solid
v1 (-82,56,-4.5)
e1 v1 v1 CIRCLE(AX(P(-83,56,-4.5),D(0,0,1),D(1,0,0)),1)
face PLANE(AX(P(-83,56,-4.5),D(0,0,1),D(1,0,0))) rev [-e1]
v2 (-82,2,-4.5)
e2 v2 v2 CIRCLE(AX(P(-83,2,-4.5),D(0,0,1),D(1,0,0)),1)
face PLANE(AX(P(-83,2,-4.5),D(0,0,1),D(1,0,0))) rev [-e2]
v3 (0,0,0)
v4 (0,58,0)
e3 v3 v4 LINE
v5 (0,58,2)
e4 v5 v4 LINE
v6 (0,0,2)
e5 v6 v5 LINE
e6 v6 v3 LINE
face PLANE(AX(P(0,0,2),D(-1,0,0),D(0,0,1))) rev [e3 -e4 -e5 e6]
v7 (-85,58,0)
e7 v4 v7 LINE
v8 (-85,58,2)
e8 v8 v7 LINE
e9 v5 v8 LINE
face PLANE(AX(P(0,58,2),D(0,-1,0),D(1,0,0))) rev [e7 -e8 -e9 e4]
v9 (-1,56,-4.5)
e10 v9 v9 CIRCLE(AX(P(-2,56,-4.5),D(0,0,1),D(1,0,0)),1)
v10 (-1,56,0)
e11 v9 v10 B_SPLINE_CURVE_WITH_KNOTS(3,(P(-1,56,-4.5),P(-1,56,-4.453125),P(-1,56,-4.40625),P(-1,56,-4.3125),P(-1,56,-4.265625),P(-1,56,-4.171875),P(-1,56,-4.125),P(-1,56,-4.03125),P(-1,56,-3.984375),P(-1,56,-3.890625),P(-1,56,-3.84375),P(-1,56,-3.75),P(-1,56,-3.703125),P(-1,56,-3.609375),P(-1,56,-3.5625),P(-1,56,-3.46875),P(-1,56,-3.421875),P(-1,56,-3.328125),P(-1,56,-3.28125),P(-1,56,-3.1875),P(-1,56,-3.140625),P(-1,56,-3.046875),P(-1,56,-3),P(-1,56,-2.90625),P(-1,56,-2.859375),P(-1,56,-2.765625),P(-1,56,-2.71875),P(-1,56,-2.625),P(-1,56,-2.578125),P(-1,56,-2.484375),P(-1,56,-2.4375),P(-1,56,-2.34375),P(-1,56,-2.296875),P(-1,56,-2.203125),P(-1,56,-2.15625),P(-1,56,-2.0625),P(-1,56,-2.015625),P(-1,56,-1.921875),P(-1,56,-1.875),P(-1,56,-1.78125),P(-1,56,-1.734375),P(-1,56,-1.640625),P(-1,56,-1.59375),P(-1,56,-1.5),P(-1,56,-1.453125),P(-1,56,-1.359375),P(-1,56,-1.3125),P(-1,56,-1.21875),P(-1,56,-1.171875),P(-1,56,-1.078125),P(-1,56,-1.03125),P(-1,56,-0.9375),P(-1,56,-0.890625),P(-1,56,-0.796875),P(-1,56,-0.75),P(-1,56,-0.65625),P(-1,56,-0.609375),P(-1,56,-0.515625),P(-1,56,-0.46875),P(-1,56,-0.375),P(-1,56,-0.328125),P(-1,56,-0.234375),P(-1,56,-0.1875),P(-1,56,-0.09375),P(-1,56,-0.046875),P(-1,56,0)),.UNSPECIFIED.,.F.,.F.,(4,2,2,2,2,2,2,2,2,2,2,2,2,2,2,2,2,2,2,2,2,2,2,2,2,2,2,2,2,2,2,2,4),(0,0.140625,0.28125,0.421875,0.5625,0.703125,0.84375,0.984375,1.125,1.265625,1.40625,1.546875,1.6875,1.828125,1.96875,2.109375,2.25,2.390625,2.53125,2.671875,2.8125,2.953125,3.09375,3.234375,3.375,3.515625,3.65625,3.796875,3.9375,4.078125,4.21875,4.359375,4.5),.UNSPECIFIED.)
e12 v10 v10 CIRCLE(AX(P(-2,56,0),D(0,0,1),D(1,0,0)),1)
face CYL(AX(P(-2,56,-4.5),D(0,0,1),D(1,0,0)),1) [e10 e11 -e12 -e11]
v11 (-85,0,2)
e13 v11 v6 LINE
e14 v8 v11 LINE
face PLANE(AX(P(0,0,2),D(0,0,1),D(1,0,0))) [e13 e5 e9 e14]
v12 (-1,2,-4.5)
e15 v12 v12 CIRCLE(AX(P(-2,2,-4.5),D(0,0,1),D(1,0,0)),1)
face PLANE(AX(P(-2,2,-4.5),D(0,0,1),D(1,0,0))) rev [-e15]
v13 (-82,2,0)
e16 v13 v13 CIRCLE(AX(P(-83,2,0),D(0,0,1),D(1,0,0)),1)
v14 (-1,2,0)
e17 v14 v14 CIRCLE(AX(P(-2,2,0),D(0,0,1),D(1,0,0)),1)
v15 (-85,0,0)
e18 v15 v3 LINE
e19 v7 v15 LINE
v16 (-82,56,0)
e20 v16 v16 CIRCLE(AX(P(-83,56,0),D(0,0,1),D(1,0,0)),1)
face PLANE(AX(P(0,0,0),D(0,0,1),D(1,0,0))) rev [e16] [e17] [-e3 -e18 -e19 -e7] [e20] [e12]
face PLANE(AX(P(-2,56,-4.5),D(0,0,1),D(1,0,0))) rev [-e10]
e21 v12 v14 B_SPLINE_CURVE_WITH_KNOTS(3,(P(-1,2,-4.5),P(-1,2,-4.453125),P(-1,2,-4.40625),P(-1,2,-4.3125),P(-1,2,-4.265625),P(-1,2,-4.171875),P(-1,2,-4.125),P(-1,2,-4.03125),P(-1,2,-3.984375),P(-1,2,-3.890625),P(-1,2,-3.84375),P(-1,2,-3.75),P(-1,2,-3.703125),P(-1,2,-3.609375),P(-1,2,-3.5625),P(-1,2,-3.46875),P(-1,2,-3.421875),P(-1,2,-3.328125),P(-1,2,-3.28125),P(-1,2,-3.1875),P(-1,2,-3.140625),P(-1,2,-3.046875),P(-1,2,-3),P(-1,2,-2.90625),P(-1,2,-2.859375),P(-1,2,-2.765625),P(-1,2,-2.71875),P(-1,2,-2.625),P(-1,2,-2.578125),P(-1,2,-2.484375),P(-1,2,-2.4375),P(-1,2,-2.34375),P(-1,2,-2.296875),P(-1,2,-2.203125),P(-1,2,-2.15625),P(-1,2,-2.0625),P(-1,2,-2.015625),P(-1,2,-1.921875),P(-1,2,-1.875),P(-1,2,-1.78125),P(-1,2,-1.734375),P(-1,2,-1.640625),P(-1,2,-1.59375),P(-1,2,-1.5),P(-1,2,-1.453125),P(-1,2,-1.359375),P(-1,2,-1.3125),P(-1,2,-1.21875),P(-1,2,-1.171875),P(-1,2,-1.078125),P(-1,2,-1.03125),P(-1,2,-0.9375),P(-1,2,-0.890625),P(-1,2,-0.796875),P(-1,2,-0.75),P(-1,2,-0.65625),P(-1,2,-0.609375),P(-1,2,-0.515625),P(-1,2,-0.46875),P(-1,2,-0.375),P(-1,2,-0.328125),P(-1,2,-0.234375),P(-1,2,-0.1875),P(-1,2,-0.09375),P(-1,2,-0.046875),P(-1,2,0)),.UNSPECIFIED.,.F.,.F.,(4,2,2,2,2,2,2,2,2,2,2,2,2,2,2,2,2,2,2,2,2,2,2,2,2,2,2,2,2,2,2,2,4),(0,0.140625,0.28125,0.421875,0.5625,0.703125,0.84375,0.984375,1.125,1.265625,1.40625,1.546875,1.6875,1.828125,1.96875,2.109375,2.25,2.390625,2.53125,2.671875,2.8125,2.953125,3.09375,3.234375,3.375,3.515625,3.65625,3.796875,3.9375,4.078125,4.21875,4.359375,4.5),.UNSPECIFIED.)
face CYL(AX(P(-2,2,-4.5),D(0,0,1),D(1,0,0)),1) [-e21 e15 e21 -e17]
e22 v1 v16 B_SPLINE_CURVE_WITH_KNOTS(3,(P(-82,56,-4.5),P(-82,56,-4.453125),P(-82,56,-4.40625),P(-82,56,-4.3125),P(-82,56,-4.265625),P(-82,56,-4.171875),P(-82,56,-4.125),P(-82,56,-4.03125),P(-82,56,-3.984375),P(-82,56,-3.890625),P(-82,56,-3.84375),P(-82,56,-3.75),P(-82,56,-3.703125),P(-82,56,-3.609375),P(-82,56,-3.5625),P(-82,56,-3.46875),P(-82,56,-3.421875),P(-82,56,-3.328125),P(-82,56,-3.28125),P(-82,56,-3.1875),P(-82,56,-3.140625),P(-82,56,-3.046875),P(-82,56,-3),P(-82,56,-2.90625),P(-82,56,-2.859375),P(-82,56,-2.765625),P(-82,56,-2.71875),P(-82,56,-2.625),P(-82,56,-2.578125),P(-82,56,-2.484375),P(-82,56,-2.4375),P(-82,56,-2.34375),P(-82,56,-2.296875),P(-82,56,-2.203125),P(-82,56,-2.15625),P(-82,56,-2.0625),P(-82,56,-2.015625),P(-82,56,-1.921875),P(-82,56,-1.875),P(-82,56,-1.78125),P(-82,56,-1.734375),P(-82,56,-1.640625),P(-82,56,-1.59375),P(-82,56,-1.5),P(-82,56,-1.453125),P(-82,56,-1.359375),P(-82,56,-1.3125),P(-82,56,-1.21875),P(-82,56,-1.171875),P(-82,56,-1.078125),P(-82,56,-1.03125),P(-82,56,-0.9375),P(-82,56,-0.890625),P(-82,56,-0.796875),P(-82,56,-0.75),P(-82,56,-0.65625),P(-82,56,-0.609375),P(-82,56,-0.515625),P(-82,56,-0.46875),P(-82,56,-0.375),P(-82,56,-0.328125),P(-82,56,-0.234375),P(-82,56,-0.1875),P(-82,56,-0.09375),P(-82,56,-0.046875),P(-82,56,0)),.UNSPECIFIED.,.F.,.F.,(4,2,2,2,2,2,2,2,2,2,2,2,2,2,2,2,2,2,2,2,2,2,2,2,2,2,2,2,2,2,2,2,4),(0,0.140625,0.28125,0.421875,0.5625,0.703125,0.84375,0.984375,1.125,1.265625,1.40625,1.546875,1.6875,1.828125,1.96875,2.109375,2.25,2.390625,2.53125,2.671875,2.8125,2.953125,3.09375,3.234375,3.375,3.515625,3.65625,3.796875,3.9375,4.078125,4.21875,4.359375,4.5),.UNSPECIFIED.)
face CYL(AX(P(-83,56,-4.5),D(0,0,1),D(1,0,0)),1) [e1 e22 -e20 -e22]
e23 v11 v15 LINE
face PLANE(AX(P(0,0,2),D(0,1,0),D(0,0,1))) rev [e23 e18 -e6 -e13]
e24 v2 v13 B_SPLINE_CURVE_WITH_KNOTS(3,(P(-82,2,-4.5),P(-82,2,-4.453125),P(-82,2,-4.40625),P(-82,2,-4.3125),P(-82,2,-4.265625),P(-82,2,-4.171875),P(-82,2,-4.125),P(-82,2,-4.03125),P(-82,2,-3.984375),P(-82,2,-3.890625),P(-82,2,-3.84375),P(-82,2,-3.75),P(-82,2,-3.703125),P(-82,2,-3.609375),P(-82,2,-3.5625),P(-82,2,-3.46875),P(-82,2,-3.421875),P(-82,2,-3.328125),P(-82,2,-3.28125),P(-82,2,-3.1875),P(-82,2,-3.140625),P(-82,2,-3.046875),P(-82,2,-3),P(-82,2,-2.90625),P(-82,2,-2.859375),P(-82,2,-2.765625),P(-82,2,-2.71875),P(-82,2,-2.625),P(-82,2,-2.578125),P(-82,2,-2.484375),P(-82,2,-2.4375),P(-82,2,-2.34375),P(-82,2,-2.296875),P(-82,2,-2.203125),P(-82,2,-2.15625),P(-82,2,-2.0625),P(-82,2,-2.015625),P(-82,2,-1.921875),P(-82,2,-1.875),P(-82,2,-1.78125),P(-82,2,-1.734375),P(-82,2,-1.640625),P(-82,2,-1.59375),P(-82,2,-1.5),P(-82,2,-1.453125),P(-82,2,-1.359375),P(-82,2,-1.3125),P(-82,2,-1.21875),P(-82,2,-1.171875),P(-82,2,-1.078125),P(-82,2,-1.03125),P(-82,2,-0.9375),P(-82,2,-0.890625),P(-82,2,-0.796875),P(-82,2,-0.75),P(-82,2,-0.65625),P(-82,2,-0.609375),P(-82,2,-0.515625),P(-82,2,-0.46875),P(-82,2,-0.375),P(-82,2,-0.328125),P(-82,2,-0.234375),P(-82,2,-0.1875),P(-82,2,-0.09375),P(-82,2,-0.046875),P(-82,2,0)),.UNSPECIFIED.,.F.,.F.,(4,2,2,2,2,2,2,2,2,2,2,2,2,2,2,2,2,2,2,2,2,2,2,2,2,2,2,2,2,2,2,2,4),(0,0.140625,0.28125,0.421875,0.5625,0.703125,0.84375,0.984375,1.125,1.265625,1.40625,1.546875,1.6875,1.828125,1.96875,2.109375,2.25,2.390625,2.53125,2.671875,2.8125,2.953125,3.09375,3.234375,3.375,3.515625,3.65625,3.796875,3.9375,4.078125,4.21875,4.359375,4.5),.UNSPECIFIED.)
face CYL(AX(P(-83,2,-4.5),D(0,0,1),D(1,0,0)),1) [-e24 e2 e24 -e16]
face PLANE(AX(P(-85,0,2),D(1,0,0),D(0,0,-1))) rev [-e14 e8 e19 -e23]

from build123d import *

# Parameters (mm, degrees)
SKETCH1_W           = 85
SKETCH1_H           = 58
BOSS_EXTRUDE1_DEPTH = 2
SKETCH2_R           = 1
BOSS_EXTRUDE3_DEPTH = 6.5


with BuildPart() as part:
    # Sketch1 → Boss-Extrude1 (new body)
    with BuildSketch(Plane.XY):
        with Locations((-42.5, 29)):
            Rectangle(SKETCH1_W, SKETCH1_H)
    extrude(amount=BOSS_EXTRUDE1_DEPTH)

    # Sketch2 → Boss-Extrude3 (add)
    with BuildSketch(Plane.XY.offset(2)):
        with Locations((-83, 56)):
            Circle(SKETCH2_R)
        with Locations((-2, 56)):
            Circle(SKETCH2_R)
        with Locations((-83, 2)):
            Circle(SKETCH2_R)
        with Locations((-2, 2)):
            Circle(SKETCH2_R)
    extrude(amount=-BOSS_EXTRUDE3_DEPTH)


solid = part.part
